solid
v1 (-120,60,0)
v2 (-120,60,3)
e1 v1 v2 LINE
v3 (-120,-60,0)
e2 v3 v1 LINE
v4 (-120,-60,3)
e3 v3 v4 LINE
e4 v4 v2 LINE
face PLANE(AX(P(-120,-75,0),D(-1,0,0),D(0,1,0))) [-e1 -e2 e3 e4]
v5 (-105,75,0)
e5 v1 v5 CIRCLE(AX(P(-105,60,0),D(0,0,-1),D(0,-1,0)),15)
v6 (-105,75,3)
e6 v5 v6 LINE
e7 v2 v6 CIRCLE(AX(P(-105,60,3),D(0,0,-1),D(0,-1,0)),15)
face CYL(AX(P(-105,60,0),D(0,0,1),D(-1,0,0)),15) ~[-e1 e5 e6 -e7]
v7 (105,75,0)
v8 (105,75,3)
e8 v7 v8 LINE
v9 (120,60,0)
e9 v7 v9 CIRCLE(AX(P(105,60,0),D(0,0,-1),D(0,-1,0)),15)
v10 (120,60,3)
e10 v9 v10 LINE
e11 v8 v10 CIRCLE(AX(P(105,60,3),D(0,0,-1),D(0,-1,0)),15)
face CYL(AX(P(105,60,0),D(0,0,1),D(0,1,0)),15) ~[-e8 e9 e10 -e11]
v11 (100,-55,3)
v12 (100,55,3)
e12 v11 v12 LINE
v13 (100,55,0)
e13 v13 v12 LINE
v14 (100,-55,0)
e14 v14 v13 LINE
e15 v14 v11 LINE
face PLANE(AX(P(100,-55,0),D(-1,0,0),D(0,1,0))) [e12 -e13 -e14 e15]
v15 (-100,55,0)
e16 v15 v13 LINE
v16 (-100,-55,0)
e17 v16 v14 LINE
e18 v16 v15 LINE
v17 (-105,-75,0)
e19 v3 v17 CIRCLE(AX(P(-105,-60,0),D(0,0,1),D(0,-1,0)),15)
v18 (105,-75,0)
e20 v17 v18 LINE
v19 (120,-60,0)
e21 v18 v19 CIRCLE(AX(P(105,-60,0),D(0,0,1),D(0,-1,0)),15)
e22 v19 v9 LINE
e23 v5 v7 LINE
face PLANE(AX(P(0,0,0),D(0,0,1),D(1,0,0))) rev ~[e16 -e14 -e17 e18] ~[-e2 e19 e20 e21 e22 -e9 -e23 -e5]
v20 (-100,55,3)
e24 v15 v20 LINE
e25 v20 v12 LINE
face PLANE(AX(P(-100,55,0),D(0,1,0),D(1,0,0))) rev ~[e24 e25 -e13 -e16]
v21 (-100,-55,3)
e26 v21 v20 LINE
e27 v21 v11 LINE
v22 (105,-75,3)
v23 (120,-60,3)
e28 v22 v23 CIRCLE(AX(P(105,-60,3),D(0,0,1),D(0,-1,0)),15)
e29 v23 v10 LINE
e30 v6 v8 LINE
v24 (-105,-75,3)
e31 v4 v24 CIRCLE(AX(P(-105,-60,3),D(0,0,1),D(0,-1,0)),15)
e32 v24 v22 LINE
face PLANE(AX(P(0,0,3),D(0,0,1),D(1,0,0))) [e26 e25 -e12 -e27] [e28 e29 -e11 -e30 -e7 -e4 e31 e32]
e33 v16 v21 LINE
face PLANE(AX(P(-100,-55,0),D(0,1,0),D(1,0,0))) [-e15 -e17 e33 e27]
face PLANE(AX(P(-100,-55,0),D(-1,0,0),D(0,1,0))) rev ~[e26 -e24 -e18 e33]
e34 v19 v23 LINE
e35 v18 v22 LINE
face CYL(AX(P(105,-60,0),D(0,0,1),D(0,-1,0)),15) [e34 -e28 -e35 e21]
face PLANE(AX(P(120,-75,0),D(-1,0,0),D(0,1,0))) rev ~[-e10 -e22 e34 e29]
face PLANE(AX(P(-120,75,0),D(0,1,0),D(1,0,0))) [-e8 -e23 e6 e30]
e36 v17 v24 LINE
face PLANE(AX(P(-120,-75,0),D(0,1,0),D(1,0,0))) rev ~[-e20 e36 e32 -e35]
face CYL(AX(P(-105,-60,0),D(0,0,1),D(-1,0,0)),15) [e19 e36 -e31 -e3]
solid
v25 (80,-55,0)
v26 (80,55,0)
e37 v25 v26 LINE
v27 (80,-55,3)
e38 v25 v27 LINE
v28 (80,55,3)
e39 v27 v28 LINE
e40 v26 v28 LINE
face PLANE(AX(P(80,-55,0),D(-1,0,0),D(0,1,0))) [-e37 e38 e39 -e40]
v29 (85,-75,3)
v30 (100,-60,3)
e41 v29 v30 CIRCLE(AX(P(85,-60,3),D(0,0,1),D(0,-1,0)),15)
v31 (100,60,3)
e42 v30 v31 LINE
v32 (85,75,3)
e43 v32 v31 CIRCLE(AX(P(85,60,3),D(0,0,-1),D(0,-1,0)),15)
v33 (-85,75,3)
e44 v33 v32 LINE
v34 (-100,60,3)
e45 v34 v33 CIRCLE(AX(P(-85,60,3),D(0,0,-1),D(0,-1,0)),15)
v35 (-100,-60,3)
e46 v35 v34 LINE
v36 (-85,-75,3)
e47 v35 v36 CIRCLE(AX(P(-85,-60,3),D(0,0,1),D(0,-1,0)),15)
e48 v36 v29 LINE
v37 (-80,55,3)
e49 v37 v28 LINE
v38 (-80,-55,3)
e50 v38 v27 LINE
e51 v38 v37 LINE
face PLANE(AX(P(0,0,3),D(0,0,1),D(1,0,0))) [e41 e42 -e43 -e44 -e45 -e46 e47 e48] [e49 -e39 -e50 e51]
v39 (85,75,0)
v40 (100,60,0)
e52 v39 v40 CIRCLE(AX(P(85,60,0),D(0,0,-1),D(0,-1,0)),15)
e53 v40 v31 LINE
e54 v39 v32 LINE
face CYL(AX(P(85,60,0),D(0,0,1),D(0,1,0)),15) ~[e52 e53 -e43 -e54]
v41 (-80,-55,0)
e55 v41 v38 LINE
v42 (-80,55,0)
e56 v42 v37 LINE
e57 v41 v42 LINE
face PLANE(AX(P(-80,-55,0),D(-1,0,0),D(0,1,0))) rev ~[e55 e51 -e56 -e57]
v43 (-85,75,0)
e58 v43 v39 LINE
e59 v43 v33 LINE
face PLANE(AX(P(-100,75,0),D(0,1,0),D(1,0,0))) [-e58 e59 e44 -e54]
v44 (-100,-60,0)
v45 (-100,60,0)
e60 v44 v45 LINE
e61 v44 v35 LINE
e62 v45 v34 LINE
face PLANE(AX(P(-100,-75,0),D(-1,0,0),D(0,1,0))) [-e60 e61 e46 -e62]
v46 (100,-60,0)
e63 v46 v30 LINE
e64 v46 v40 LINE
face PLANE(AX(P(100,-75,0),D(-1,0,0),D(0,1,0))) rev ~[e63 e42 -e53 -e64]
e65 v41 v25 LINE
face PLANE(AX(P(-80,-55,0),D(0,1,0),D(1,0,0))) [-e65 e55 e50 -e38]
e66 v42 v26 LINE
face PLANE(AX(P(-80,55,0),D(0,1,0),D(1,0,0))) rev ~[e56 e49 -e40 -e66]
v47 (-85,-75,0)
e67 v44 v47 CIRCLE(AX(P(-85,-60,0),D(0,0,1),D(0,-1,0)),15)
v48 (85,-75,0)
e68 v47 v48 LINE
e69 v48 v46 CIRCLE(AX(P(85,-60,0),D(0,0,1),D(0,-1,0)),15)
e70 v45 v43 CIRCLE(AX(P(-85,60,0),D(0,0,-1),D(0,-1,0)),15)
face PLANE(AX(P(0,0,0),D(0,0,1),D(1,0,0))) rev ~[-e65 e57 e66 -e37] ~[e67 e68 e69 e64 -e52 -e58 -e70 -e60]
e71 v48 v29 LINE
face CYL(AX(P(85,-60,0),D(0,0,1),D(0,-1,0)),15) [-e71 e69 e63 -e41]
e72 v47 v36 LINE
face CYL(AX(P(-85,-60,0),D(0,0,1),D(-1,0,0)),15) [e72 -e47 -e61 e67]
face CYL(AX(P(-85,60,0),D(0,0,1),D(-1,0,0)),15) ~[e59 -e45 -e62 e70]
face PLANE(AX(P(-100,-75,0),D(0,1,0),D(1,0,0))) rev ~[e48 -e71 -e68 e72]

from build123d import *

# Parameters (mm, degrees)
F0_W     = 200
F0_H     = 150
F0_W_2   = 160
F0_H_2   = 110
F1_DEPTH = 3
F2_R     = 15
F3_W     = 240
F3_H     = 150
F3_W_2   = 200
F3_H_2   = 110
F4_DEPTH = 3
F5_R     = 15


with BuildPart() as f1:
    # F0 (on Top) → F1 (new body)
    with BuildSketch(Plane.XY):
        Rectangle(F0_W, F0_H)
        Rectangle(F0_W_2, F0_H_2, mode=Mode.SUBTRACT)
    extrude(amount=F1_DEPTH)

    # F2
    f2_edges = [f1.edges().sort_by_distance(p)[0] for p in [
        (-100, 75, 1.5),
        (100, 75, 1.5),
        (100, -75, 1.5),
        (-100, -75, 1.5),
    ]]
    fillet(f2_edges, radius=F2_R)


with BuildPart() as f4:
    # F3 (on Top) → F4 (new body)
    with BuildSketch(Plane.XY):
        Rectangle(F3_W, F3_H)
        Rectangle(F3_W_2, F3_H_2, mode=Mode.SUBTRACT)
    extrude(amount=F4_DEPTH)

    # F5
    f5_edges = [f4.edges().sort_by_distance(p)[0] for p in [
        (-120, 75, 1.5),
        (-120, -75, 1.5),
        (120, -75, 1.5),
        (120, 75, 1.5),
    ]]
    fillet(f5_edges, radius=F5_R)


solid = Compound([f1.part, f4.part])
